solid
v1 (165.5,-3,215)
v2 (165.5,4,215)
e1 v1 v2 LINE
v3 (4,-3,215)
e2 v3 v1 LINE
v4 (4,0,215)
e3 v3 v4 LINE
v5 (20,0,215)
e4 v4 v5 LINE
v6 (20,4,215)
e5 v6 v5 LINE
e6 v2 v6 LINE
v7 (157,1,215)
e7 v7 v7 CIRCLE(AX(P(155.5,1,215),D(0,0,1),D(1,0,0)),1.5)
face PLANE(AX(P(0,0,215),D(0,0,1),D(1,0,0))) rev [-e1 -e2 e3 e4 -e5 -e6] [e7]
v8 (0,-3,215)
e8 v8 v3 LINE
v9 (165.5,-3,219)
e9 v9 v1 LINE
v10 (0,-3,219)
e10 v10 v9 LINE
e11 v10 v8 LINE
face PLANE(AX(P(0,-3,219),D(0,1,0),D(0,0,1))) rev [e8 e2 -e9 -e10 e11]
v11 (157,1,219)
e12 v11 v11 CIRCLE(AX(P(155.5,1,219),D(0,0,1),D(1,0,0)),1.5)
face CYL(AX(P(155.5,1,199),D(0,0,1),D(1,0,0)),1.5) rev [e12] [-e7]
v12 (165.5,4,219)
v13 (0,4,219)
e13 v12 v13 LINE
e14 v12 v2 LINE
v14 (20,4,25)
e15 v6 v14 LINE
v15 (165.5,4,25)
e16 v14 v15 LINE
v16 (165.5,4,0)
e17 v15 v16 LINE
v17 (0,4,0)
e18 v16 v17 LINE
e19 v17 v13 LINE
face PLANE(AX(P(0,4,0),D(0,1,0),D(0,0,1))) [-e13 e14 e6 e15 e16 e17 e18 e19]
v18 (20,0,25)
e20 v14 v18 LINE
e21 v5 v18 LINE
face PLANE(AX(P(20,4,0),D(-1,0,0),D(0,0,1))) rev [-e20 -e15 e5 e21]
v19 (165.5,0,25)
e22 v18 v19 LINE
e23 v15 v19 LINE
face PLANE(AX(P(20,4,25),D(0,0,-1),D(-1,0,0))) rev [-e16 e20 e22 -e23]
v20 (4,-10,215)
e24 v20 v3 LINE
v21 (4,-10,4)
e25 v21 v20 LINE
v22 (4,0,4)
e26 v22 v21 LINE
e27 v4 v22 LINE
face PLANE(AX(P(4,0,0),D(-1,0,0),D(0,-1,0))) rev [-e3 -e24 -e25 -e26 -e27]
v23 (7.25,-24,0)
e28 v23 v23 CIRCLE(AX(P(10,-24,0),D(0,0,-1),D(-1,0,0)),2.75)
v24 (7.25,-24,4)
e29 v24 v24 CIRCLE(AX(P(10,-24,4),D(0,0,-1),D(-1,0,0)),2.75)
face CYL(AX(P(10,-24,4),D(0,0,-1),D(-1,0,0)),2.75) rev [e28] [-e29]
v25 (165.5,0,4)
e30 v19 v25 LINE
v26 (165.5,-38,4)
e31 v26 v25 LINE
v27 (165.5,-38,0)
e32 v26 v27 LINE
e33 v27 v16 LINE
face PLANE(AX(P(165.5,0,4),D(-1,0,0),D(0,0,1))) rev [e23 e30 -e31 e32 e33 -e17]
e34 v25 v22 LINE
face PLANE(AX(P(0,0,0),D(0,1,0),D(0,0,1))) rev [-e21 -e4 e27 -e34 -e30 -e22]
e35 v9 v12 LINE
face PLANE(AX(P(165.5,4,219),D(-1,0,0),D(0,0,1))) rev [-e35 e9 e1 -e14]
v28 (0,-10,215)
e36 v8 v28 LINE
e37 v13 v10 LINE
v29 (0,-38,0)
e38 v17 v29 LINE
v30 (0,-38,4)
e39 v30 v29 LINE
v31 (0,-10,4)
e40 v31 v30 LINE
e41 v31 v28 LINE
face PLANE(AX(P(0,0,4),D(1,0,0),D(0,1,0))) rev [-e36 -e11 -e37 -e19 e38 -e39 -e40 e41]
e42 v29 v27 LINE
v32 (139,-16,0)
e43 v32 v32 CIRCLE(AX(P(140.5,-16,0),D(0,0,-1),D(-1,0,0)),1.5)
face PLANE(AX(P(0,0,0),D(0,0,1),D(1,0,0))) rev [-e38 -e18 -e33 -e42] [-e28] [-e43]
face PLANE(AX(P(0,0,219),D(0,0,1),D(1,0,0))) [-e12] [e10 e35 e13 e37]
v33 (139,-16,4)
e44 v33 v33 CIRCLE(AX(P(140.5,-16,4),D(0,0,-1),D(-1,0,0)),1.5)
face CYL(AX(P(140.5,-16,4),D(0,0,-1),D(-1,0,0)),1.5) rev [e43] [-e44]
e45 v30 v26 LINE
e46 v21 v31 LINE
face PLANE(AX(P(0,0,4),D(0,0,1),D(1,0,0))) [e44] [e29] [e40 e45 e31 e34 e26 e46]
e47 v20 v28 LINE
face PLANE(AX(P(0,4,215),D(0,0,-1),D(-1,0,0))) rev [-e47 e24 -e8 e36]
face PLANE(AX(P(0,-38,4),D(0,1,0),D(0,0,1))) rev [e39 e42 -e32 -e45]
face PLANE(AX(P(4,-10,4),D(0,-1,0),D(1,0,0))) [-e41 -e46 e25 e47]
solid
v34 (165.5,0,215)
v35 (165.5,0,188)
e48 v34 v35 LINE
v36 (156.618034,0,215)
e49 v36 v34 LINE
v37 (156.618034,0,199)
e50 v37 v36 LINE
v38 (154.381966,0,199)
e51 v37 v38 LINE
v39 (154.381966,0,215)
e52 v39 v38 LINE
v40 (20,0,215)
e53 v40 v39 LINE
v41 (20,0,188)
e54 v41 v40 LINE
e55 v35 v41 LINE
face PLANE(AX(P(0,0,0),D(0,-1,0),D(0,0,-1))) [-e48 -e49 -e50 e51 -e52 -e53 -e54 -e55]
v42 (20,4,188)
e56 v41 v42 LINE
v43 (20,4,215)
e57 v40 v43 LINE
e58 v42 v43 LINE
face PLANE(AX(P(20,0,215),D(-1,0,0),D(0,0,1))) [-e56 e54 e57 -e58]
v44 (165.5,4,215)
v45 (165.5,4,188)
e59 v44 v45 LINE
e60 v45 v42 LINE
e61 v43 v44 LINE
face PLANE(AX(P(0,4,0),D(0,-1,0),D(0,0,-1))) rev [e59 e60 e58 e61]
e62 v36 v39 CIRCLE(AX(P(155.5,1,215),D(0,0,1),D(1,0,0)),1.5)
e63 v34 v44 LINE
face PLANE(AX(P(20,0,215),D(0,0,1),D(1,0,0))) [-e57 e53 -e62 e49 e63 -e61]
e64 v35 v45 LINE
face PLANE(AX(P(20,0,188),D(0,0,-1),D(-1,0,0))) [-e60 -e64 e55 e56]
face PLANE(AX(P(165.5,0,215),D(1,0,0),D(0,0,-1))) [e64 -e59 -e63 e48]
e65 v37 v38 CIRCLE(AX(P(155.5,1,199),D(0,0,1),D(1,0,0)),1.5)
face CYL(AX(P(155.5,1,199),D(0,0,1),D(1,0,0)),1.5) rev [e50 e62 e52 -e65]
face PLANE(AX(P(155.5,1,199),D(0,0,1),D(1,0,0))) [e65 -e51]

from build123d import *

# Parameters (mm, degrees)
SKETCH_1_W          = 165.5
SKETCH_1_H          = 38
EXTRUDE_1_DEPTH     = 4
SKETCH_2_W          = 20
SKETCH_2_H          = 215
EXTRUDE_2_DEPTH     = 4
SKETCH_3_W          = 211
SKETCH_3_H          = 10
EXTRUDE_3_DEPTH     = 4
SKETCH_4_W          = 145.5
SKETCH_4_H          = 25
EXTRUDE_4_DEPTH     = 4
SKETCH_5_R          = 1.5
CUT_EXTRUDE_1_DEPTH = 4
SKETCH_6_W          = 165.5
SKETCH_6_H          = 7
EXTRUDE_5_DEPTH     = 4
SKETCH_7_W          = 145.5
SKETCH_7_H          = 27
EXTRUDE_6_DEPTH     = 4
SKETCH_8_R          = 2.75
CUT_EXTRUDE_2_DEPTH = 4
SKETCH_9_R          = 1.5
CUT_EXTRUDE_3_DEPTH = 20


with BuildPart() as part:
    # 草图1 → 凸台-拉伸1 (new body)
    with BuildSketch(Plane.XY):
        with Locations((82.75, -19)):
            Rectangle(SKETCH_1_W, SKETCH_1_H)
    extrude(amount=EXTRUDE_1_DEPTH)

    # 草图2 → 凸台-拉伸2 (add)
    with BuildSketch(Plane(origin=(0, 0, 0), x_dir=(1, 0, 0), z_dir=(0, 1, 0))):
        with Locations((10, -107.5)):
            Rectangle(SKETCH_2_W, SKETCH_2_H)
    extrude(amount=EXTRUDE_2_DEPTH)

    # 草图3 → 凸台-拉伸3 (add)
    with BuildSketch(Plane.ZY):
        with Locations((109.5, -5)):
            Rectangle(SKETCH_3_W, SKETCH_3_H)
    extrude(amount=-EXTRUDE_3_DEPTH)

    # 草图4 → 凸台-拉伸4 (add)
    with BuildSketch(Plane(origin=(0, 0, 0), x_dir=(1, 0, 0), z_dir=(0, 1, 0))):
        with Locations((92.75, -12.5)):
            Rectangle(SKETCH_4_W, SKETCH_4_H)
    extrude(amount=EXTRUDE_4_DEPTH)

    # 草图5 → 切除-拉伸1 (cut)
    with BuildSketch(Plane(origin=(0, 0, 0), x_dir=(-1, 0, 0), z_dir=(0, 0, -1))):
        with Locations((-140.5, -16)):
            Circle(SKETCH_5_R)
    extrude(amount=-CUT_EXTRUDE_1_DEPTH, mode=Mode.SUBTRACT)

    # 草图6 → 凸台-拉伸5 (add)
    with BuildSketch(Plane.XY.offset(215)):
        with Locations((82.75, 0.5)):
            Rectangle(SKETCH_6_W, SKETCH_6_H)
    extrude(amount=EXTRUDE_5_DEPTH)

    # 草图8 → 切除-拉伸2 (cut)
    with BuildSketch(Plane(origin=(0, 0, 0), x_dir=(-1, 0, 0), z_dir=(0, 0, -1))):
        with Locations((-10, -24)):
            Circle(SKETCH_8_R)
    extrude(amount=-CUT_EXTRUDE_2_DEPTH, mode=Mode.SUBTRACT)


with BuildPart() as body_2:
    # 草图7 → 凸台-拉伸6 (new body)
    with BuildSketch(Plane(origin=(0, 4, 0), x_dir=(1, 0, 0), z_dir=(0, 1, 0))):
        with Locations((92.75, -201.5)):
            Rectangle(SKETCH_7_W, SKETCH_7_H)
    extrude(amount=-EXTRUDE_6_DEPTH)


with BuildPart() as cut_extrude_3_tool:
    # 草图9 → 切除-拉伸3 (new body)
    with BuildSketch(Plane.XY.offset(219)):
        with Locations((155.5, 1)):
            Circle(SKETCH_9_R)
    extrude(amount=-CUT_EXTRUDE_3_DEPTH)


with BuildPart() as part_1:
    add(part.part)

    # 切除-拉伸3: cut by cut_extrude_3_tool
    add(cut_extrude_3_tool.part, mode=Mode.SUBTRACT)


with BuildPart() as body_2_1:
    add(body_2.part)

    # 切除-拉伸3: cut by cut_extrude_3_tool
    add(cut_extrude_3_tool.part, mode=Mode.SUBTRACT)


solid = Compound([part_1.part, body_2_1.part])
